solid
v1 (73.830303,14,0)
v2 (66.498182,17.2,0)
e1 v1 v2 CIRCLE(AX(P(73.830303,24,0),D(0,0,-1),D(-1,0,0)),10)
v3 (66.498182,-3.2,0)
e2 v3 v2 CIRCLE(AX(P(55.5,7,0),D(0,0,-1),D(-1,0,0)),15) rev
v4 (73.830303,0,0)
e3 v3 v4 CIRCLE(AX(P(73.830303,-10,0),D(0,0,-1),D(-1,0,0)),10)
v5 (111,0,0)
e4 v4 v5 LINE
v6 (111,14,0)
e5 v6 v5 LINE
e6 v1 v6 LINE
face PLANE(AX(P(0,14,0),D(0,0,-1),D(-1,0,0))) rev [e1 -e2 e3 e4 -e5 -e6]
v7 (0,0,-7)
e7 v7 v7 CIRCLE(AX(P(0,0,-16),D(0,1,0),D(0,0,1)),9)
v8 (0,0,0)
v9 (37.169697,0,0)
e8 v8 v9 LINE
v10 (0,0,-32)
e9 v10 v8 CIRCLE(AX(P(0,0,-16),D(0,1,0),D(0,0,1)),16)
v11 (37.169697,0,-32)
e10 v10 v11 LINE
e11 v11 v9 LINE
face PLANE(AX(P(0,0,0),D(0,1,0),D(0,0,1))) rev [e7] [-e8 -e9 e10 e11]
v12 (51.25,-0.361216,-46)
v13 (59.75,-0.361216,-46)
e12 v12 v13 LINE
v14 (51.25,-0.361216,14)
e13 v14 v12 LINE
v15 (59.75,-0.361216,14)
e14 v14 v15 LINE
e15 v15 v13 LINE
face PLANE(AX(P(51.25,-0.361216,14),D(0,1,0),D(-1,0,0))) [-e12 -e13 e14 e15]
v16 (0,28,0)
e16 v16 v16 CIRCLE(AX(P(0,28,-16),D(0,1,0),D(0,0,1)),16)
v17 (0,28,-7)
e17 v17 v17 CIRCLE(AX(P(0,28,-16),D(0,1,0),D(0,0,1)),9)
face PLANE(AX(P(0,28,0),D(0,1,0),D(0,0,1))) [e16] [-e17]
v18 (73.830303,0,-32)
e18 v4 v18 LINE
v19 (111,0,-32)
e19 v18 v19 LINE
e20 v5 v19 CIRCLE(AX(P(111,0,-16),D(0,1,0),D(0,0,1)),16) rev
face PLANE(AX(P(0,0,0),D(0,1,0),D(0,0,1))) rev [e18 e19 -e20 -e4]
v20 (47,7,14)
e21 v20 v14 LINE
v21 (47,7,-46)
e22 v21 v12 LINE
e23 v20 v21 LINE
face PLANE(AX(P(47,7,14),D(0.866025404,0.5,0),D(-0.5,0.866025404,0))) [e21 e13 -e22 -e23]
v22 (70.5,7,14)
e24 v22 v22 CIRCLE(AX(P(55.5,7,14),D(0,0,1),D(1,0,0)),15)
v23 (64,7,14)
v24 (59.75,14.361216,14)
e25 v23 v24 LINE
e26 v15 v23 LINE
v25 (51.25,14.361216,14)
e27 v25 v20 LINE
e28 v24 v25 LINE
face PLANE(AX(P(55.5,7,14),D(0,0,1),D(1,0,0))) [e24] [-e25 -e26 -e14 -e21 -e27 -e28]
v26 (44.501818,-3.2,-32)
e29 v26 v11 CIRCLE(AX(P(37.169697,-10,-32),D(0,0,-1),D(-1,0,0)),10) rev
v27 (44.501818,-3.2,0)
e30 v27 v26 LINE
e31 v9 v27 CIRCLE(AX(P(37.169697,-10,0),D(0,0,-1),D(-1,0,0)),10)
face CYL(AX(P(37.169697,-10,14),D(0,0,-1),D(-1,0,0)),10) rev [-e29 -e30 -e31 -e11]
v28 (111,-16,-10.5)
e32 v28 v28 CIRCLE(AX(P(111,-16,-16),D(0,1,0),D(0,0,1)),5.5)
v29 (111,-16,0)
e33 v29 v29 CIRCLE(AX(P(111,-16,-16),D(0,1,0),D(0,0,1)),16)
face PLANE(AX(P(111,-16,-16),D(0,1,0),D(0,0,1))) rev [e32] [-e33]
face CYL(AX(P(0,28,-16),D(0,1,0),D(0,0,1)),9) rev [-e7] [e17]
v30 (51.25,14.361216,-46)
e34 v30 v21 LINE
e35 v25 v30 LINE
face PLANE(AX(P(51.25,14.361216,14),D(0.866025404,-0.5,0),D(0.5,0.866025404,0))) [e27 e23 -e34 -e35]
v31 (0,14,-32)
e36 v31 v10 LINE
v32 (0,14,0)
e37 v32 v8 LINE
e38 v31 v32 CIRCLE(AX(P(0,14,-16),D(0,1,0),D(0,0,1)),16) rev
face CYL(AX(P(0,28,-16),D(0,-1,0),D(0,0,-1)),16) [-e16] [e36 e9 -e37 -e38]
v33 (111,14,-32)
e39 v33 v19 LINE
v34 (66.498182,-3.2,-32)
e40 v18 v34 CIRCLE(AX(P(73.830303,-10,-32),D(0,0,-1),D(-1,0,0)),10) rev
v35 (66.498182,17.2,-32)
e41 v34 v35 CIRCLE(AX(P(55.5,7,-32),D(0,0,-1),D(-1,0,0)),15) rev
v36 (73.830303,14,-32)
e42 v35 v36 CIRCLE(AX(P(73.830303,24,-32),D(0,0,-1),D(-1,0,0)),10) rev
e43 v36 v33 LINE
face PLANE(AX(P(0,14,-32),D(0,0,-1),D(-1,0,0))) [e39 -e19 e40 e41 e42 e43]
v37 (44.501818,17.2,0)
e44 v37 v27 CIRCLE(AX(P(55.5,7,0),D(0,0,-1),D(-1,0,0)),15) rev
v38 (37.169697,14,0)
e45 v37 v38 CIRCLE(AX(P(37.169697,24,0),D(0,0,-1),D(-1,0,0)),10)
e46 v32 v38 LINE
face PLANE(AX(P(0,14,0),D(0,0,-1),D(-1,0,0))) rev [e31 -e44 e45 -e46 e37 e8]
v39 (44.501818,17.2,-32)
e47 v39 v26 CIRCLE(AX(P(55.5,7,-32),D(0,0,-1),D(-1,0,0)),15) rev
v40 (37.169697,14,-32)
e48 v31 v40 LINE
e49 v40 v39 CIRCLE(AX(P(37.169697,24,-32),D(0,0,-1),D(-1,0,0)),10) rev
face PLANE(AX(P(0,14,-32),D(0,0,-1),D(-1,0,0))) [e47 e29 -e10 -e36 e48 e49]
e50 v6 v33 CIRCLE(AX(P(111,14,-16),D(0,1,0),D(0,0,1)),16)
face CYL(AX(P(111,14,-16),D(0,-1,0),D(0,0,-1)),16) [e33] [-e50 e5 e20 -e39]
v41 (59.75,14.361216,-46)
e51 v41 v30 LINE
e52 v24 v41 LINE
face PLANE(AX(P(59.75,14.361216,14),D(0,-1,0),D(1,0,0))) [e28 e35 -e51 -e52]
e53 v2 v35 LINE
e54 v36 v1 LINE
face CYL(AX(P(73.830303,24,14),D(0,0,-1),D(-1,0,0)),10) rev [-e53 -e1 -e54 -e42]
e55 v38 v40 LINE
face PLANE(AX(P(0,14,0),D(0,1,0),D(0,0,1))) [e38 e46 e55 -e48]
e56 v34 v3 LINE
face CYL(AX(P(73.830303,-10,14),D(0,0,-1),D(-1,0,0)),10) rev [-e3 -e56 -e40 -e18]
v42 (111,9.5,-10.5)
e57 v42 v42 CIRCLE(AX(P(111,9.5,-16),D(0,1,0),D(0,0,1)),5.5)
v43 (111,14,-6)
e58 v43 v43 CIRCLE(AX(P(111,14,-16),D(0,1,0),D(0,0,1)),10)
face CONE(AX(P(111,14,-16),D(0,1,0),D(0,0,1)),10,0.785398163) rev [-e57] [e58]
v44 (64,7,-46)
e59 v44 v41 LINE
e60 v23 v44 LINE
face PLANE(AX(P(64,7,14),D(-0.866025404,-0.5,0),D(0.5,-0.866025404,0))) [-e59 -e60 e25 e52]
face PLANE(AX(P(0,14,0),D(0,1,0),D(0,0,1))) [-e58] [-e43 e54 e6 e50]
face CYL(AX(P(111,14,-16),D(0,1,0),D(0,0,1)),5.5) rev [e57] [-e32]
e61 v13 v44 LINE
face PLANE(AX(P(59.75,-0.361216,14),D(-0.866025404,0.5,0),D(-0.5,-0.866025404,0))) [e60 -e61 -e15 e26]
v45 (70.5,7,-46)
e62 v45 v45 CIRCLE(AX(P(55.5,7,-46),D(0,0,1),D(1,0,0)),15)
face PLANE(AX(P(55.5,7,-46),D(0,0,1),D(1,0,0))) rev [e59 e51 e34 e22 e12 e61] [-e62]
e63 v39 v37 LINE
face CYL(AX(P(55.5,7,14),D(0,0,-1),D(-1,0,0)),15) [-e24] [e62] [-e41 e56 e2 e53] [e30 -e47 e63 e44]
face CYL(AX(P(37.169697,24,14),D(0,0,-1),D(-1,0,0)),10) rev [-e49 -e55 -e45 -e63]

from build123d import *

# Parameters (mm, degrees)
SKETCH1_W                                        = 111
SKETCH1_H                                        = 32
BOSS_EXTRUDE1_DEPTH                              = 14
BOSS_EXTRUDE2_DEPTH                              = 28
BOSS_EXTRUDE3_DEPTH                              = 14
BOSS_EXTRUDE3_DEPTH_BACK                         = 16
SKETCH1_4_R                                      = 16
F_18_0_18_DIAMETER_HOLE1_D                       = 18
CSK_FOR_M10_FLAT_HEAD_MACHINE_SCREW1_D           = 11
CSK_FOR_M10_FLAT_HEAD_MACHINE_SCREW1_CSINK_D     = 20
CSK_FOR_M10_FLAT_HEAD_MACHINE_SCREW1_CSINK_ANGLE = 90
BOSS_EXTRUDE5_DEPTH                              = 14
BOSS_EXTRUDE5_DEPTH_BACK                         = 46
SKETCH4_R                                        = 15
CUT_EXTRUDE2_DEPTH                               = 32
FILLET1_R                                        = 10


with BuildPart() as part:
    # Sketch1 → Boss-Extrude1 (new body)
    with BuildSketch(Plane(origin=(0, 0, 0), x_dir=(1, 0, 0), z_dir=(0, 1, 0))):
        with Locations((55.5, 16)):
            Rectangle(SKETCH1_W, SKETCH1_H)
    extrude(amount=BOSS_EXTRUDE1_DEPTH)

    # Sketch1<3> → Boss-Extrude2 (add)
    with BuildSketch(Plane(origin=(0, 0, 0), x_dir=(1, 0, 0), z_dir=(0, 1, 0))):
        with BuildLine():
            ThreePointArc((0, 32), (-16, 16), (0, 0))
            Line((0, 0), (0, 32))
        make_face()
        with BuildLine():
            Line((0, 32), (0, 0))
            ThreePointArc((0, 0), (11.313708499, 4.686291501), (16, 16))
            ThreePointArc((16, 16), (11.313708499, 27.313708499), (0, 32))
        make_face()
    extrude(amount=BOSS_EXTRUDE2_DEPTH)

    # Sketch1<4> → Boss-Extrude3 (add, two sides: drawn at the far end of the back side and taken through both)
    with BuildSketch(Plane(origin=(0, 0, 0), x_dir=(1, 0, 0), z_dir=(0, 1, 0)).offset(-BOSS_EXTRUDE3_DEPTH_BACK)):
        with Locations(Location((111, 16, 0), (0, 0, 270))):
            Circle(SKETCH1_4_R)
    extrude(amount=BOSS_EXTRUDE3_DEPTH + BOSS_EXTRUDE3_DEPTH_BACK)

    # Ø18.0 (18) Diameter Hole1 (through all)
    with Locations(Plane(origin=(0, 28, -16), x_dir=(0, 0, 1), z_dir=(0, 1, 0))):
        with Locations((0, 0)):
            Hole(F_18_0_18_DIAMETER_HOLE1_D / 2)

    # CSK for M10 Flat Head Machine Screw1 (through all)
    with Locations(Plane(origin=(111, 14, -16), x_dir=(0, 0, 1), z_dir=(0, 1, 0))):
        with Locations((0, 0)):
            CounterSinkHole(CSK_FOR_M10_FLAT_HEAD_MACHINE_SCREW1_D / 2, CSK_FOR_M10_FLAT_HEAD_MACHINE_SCREW1_CSINK_D / 2, counter_sink_angle=CSK_FOR_M10_FLAT_HEAD_MACHINE_SCREW1_CSINK_ANGLE)

    # Sketch4 → Boss-Extrude5 (add, two sides: drawn at the far end of the back side and taken through both)
    with BuildSketch(Plane.XY.offset(-BOSS_EXTRUDE5_DEPTH_BACK)):
        with Locations((55.5, 7)):
            Circle(SKETCH4_R)
        Polygon((64, 7), (59.75, 14.361215932), (51.25, 14.361215932), (47, 7), (51.25, -0.361215932), (59.75, -0.361215932), align=None, mode=Mode.SUBTRACT)
    extrude(amount=BOSS_EXTRUDE5_DEPTH + BOSS_EXTRUDE5_DEPTH_BACK)

    # Sketch4<3> → Cut-Extrude2 (cut)
    with BuildSketch(Plane.XY):
        Polygon((59.958548116, 0), (64, 7), (59.958548116, 14), (51.041451884, 14), (47, 7), (51.041451884, 0), align=None)
    extrude(amount=-CUT_EXTRUDE2_DEPTH, mode=Mode.SUBTRACT)

    # Fillet1
    fillet1_edges = [part.edges().sort_by_distance(p)[0] for p in [
        (42.233500839, 0, -16),
        (68.766499161, 0, -16),
        (68.766499161, 14, -16),
        (42.233500839, 14, -16),
    ]]
    fillet(fillet1_edges, radius=FILLET1_R)


solid = part.part
